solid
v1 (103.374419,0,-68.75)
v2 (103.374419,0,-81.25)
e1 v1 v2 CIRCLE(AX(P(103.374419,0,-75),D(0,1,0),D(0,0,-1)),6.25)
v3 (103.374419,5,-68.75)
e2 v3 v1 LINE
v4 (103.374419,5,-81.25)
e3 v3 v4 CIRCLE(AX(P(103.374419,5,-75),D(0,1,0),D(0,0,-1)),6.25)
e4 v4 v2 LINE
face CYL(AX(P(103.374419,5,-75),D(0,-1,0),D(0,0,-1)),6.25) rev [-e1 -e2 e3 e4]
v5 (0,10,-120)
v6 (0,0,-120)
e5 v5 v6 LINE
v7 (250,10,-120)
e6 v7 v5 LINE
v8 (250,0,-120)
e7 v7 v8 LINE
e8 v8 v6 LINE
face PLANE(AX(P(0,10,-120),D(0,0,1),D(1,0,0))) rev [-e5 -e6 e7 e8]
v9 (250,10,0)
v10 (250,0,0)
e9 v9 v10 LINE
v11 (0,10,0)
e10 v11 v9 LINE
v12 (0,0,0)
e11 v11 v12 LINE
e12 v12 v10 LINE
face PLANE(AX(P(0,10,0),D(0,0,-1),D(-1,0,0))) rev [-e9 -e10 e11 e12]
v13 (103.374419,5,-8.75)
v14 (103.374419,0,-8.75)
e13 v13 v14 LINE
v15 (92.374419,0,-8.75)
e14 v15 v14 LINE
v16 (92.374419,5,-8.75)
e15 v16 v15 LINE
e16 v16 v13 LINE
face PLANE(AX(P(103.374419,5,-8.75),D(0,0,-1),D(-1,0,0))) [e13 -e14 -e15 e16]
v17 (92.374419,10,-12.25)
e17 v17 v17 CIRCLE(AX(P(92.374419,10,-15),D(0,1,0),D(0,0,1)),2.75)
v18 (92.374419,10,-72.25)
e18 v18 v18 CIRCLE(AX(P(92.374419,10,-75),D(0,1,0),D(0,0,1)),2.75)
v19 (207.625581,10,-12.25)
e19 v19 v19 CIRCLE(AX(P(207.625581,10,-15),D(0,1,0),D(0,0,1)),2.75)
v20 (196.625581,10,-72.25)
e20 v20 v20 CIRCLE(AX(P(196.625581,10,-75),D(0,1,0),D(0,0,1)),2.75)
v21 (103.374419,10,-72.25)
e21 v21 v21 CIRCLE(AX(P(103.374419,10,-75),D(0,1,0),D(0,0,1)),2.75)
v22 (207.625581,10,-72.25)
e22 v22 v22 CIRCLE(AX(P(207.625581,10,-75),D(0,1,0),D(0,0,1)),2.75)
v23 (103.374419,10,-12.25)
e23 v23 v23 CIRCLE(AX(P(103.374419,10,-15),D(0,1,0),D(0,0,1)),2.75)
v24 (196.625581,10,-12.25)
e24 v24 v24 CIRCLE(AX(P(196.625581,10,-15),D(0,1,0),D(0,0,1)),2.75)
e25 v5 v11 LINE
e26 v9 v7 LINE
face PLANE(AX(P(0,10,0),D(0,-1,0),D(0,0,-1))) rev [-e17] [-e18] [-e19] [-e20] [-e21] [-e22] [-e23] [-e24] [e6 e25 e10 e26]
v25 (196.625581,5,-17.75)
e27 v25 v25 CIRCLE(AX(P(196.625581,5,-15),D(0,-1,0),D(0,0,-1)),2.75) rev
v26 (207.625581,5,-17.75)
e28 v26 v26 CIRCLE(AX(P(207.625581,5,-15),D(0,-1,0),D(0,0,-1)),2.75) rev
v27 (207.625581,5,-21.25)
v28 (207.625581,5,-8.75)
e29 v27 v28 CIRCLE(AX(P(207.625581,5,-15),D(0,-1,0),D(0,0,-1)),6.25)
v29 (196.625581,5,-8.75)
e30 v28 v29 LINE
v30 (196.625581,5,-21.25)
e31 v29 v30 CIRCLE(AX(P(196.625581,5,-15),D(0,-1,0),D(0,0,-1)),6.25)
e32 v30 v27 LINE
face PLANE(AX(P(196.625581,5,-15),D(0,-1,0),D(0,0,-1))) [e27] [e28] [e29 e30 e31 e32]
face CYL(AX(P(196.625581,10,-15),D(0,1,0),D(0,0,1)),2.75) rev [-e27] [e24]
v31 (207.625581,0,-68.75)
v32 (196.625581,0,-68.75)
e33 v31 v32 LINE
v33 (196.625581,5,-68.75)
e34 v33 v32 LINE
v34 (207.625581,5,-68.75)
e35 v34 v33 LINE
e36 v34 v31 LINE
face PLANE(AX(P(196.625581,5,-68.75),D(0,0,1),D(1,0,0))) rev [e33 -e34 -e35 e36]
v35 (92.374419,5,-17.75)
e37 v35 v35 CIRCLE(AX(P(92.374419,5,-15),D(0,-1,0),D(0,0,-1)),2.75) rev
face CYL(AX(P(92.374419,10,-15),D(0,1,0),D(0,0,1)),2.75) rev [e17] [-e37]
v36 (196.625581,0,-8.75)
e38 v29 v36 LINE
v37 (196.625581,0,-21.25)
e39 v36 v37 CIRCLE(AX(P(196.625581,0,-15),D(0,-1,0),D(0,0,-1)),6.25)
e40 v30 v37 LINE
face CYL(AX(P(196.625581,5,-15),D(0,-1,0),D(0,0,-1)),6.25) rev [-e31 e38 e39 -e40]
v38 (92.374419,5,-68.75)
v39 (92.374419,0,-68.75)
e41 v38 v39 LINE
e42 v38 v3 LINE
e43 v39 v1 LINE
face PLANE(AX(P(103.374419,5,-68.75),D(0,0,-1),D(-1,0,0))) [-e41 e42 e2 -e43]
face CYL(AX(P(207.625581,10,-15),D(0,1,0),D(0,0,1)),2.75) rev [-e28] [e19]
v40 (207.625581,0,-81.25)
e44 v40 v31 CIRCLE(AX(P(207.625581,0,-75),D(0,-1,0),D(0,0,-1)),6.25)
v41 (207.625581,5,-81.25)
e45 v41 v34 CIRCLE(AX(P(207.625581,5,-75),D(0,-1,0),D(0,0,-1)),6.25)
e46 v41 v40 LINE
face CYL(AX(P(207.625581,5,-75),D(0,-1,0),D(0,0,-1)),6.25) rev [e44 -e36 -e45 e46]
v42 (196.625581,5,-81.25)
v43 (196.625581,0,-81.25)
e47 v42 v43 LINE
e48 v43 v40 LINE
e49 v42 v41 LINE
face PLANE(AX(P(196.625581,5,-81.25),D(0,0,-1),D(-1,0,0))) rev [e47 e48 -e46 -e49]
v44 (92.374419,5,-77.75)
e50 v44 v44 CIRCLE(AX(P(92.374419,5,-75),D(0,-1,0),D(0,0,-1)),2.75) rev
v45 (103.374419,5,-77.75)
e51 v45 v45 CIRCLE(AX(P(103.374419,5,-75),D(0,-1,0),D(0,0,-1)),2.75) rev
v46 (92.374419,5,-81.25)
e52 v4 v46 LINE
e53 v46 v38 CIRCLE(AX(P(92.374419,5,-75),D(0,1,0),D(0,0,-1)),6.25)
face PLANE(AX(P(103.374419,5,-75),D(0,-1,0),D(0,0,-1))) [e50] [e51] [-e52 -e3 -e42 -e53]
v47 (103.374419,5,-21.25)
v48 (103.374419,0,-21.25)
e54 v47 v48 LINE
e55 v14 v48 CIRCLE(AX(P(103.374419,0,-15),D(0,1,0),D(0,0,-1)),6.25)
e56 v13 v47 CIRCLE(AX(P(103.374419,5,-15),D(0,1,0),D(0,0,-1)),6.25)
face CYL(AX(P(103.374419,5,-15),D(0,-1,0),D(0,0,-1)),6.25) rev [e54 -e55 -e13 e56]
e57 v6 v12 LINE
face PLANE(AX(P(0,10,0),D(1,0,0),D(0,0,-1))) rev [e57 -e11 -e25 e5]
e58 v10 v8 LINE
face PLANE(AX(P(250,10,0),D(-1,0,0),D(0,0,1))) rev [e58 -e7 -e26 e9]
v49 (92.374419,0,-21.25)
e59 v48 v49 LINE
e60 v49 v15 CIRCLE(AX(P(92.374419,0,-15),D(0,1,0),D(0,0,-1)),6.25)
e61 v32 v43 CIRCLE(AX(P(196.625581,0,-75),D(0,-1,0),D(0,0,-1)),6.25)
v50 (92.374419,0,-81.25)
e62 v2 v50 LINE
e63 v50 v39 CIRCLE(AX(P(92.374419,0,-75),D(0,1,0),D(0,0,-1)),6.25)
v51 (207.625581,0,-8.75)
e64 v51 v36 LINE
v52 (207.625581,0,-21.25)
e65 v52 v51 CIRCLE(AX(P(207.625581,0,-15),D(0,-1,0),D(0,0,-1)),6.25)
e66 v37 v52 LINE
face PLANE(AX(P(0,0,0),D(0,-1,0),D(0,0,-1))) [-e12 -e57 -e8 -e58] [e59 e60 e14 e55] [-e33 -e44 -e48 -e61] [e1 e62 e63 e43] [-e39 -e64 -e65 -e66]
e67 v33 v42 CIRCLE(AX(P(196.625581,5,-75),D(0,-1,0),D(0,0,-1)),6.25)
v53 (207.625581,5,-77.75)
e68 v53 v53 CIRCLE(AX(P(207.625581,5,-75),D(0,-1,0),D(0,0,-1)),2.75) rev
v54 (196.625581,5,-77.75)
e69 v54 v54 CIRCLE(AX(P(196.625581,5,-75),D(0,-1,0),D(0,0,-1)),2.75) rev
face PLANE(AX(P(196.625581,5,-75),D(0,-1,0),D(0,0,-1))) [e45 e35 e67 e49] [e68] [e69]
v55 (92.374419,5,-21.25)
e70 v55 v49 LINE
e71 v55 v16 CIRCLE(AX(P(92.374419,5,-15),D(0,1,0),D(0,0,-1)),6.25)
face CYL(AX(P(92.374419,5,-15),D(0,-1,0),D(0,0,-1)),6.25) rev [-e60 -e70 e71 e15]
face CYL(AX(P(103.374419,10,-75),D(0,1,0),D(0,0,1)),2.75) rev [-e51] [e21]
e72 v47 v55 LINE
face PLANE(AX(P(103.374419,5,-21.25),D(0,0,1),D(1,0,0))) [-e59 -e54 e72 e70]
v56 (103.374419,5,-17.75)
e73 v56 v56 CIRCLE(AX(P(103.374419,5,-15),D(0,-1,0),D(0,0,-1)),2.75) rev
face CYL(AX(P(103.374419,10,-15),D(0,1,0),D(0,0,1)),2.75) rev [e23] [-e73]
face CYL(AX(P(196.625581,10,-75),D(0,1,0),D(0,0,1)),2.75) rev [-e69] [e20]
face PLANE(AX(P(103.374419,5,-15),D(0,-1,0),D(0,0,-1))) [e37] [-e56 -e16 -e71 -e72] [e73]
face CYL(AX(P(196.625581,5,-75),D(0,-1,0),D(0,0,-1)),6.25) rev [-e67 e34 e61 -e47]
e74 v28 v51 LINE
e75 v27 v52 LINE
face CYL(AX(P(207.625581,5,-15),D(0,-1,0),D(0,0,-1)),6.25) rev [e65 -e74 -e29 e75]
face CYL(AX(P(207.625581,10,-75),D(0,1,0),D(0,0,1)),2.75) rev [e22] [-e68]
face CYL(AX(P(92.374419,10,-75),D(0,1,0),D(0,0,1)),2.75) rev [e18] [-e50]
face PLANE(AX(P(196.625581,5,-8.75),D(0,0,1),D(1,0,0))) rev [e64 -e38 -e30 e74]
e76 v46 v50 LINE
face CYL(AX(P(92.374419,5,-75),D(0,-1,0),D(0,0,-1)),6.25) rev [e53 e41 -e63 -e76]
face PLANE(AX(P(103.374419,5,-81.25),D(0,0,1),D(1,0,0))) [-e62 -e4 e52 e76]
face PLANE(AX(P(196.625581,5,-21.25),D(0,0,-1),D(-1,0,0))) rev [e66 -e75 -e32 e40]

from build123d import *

# Parameters (mm, degrees)
SKETCH1_W            = 250
SKETCH1_H            = 120
BOSS_EXTRUDE1_DEPTH  = 10
M5_CLEARANCE_HOLE1_D = 5.5
CUT_EXTRUDE1_DEPTH   = 5


with BuildPart() as part:
    # Sketch1 → Boss-Extrude1 (new body)
    with BuildSketch(Plane(origin=(0, 0, 0), x_dir=(1, 0, 0), z_dir=(0, 1, 0))):
        with Locations((125, 60)):
            Rectangle(SKETCH1_W, SKETCH1_H)
    extrude(amount=BOSS_EXTRUDE1_DEPTH)

    # M5 Clearance Hole1 (through all)
    with Locations(Plane(origin=(0, 10, 0), x_dir=(1, 0, 0), z_dir=(0, 1, 0))):
        with Locations((196.625581146, 15), (207.625581146, 15), (207.625581146, 75), (196.625581146, 75)):
            m5_clearance_hole1 = Hole(M5_CLEARANCE_HOLE1_D / 2)

    # Sketch5 → Cut-Extrude1 (cut)
    with BuildSketch(Plane(origin=(0, 0, 0), x_dir=(-1, 0, 0), z_dir=(0, -1, 0))):
        with BuildLine():
            Line((-196.625581146, 8.75), (-207.625581146, 8.75))
            ThreePointArc((-207.625581146, 8.75), (-213.875581146, 15), (-207.625581146, 21.25))
            Line((-207.625581146, 21.25), (-196.625581146, 21.25))
            ThreePointArc((-196.625581146, 21.25), (-190.375581146, 15), (-196.625581146, 8.75))
        make_face()
        with BuildLine():
            Line((-196.625581146, 68.75), (-207.625581146, 68.75))
            ThreePointArc((-207.625581146, 68.75), (-213.875581146, 75), (-207.625581146, 81.25))
            Line((-207.625581146, 81.25), (-196.625581146, 81.25))
            ThreePointArc((-196.625581146, 81.25), (-190.375581146, 75), (-196.625581146, 68.75))
        make_face()
    cut_extrude1 = extrude(amount=-CUT_EXTRUDE1_DEPTH, mode=Mode.SUBTRACT)

    # Mirror1: M5 Clearance Hole1, Cut-Extrude1 across plane
    add(m5_clearance_hole1.mirror(Plane(origin=(150, 0, 0), x_dir=(0, 0, 1), z_dir=(1, 0, 0))), mode=Mode.SUBTRACT)
    add(cut_extrude1.mirror(Plane(origin=(150, 0, 0), x_dir=(0, 0, 1), z_dir=(1, 0, 0))), mode=Mode.SUBTRACT)


solid = part.part
